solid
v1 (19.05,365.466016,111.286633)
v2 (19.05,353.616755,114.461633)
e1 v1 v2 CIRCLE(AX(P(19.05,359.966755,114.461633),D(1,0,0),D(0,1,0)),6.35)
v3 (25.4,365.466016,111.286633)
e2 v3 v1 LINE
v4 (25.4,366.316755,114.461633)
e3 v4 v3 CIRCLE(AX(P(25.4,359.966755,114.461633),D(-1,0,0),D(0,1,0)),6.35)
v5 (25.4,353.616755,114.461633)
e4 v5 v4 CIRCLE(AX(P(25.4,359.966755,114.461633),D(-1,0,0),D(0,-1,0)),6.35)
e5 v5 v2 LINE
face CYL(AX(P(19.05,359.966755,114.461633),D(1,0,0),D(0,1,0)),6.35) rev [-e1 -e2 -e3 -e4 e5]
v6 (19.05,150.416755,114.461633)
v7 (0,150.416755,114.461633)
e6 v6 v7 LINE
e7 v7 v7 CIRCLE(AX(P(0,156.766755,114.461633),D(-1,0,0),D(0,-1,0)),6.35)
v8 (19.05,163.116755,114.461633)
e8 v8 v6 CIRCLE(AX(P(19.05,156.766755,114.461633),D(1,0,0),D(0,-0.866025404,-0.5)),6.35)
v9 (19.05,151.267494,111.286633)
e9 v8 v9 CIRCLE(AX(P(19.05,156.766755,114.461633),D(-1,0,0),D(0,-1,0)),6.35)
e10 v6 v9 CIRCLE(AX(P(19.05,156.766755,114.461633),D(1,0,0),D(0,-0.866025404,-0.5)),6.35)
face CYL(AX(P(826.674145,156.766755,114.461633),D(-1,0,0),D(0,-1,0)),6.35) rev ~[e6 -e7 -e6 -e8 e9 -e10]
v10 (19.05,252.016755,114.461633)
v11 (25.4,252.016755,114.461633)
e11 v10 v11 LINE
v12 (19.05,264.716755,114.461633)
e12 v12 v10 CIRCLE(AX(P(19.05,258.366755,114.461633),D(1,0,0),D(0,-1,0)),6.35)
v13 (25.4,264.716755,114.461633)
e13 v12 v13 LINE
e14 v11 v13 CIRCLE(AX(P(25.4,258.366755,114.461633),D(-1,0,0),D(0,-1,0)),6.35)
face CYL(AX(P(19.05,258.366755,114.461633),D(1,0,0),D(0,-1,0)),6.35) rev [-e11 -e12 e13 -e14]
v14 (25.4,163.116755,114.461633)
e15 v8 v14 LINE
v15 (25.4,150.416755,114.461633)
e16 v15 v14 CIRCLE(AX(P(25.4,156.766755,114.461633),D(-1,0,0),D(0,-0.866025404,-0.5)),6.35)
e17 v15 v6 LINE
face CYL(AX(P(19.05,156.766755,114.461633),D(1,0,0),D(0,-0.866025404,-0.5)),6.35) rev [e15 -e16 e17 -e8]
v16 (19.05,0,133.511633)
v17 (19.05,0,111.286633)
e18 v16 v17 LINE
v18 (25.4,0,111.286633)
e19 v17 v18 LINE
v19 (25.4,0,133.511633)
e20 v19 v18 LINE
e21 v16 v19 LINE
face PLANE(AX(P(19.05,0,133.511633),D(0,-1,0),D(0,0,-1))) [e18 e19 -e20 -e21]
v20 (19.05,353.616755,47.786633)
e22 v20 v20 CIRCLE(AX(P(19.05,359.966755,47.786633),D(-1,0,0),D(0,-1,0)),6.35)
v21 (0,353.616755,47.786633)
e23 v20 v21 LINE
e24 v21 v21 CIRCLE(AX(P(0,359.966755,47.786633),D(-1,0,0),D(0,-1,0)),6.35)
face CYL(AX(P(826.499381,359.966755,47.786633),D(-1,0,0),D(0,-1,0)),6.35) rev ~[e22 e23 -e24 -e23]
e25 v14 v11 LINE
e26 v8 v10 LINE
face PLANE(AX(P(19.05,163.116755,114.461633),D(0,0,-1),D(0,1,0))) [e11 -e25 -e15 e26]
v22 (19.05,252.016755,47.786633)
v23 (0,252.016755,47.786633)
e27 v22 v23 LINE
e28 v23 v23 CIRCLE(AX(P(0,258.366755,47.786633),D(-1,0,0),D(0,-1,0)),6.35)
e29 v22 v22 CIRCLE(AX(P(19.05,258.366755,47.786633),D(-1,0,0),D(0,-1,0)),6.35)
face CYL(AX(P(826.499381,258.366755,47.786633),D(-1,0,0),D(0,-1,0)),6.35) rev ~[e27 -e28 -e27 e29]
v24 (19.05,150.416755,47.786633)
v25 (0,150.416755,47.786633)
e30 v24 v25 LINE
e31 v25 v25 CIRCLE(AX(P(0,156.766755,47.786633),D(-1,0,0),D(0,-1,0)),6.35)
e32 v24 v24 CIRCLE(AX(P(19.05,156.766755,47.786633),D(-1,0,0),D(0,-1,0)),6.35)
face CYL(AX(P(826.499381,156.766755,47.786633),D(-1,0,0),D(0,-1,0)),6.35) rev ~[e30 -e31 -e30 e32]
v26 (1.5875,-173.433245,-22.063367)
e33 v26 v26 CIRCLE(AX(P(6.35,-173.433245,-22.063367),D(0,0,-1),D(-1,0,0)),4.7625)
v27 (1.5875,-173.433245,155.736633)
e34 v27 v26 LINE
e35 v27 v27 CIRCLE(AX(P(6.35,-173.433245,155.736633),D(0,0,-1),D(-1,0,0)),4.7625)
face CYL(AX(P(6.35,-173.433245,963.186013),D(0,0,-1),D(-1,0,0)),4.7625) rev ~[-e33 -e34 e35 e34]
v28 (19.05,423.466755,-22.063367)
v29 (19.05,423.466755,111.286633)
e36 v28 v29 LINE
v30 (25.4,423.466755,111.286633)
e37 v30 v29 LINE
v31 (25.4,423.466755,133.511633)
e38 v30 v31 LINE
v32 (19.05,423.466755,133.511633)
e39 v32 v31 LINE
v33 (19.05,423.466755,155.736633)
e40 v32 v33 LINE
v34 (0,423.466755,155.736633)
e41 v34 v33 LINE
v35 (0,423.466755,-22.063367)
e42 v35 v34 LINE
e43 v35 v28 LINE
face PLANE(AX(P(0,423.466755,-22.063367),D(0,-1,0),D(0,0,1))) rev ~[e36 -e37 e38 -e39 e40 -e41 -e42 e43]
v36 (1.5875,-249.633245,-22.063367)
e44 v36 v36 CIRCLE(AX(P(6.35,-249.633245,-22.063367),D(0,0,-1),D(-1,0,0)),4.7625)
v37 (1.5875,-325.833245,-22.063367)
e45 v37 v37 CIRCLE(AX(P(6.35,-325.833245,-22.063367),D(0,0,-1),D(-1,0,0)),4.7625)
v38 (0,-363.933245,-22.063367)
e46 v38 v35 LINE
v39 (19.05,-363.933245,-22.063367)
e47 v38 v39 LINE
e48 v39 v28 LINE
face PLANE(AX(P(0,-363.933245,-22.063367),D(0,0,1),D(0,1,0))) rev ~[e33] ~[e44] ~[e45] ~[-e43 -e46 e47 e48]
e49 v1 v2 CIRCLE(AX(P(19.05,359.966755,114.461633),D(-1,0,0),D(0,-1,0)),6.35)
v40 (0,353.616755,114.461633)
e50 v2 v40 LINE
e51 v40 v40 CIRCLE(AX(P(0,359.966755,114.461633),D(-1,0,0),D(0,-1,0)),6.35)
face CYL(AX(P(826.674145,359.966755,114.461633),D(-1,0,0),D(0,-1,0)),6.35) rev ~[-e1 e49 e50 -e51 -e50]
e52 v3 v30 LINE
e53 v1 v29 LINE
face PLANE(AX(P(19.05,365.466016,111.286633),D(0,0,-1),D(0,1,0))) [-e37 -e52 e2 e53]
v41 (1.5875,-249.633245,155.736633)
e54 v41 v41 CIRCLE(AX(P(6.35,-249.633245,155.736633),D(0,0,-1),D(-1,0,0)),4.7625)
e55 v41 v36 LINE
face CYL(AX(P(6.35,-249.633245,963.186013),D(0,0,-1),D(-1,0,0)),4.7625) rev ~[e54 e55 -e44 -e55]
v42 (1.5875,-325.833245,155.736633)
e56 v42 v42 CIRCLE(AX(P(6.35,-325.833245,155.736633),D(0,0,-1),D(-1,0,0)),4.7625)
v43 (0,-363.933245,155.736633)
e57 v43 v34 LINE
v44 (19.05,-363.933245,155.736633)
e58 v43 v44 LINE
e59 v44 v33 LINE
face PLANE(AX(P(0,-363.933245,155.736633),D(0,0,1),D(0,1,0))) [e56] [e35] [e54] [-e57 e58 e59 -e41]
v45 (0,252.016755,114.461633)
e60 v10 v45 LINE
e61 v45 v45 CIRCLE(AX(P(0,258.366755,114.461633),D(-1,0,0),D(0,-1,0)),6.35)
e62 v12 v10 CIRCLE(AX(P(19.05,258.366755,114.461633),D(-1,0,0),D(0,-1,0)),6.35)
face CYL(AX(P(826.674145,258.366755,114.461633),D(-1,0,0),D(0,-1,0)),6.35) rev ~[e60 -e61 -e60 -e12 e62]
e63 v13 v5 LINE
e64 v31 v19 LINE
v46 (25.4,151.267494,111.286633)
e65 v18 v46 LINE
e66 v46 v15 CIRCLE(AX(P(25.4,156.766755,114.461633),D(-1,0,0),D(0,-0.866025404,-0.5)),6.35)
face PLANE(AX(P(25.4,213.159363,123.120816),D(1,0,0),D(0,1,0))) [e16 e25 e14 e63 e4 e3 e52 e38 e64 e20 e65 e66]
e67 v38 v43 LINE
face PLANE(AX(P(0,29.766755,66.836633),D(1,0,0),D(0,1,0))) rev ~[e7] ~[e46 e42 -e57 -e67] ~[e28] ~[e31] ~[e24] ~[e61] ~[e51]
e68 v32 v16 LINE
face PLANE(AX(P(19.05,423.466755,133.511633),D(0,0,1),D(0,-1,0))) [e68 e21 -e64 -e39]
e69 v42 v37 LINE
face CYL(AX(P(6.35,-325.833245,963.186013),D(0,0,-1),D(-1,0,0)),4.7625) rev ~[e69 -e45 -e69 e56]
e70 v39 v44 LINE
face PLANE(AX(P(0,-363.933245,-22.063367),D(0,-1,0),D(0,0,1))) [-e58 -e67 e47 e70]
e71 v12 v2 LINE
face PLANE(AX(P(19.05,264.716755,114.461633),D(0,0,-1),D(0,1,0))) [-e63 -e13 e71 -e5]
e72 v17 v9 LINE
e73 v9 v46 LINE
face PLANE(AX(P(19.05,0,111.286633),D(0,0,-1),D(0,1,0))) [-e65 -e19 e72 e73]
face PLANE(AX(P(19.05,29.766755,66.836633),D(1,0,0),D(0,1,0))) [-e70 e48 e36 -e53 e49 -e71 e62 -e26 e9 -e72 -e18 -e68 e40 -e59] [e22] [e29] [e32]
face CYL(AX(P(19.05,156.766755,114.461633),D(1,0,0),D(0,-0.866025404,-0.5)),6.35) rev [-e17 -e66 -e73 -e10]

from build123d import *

# Parameters (mm, degrees)
F0_W     = 787.4
F0_H     = 177.8
F1_DEPTH = 19.05
F4_D     = 12.7
F5_D     = 9.525
F7_DEPTH = 6.35
F8_D     = 12.7


with BuildPart() as f1:
    # F0 (on Right) → F1 (new body)
    with BuildSketch(Plane.YZ):
        with Locations((29.7667551786, 66.8366326568)):
            Rectangle(F0_W, F0_H)
    extrude(amount=F1_DEPTH)

    # F4 (through all)
    with Locations(Plane.YZ.offset(19.05)):
        with Locations((156.7667551786, 47.7866326568), (258.3667551786, 47.7866326568), (359.9667551786, 47.7866326568)):
            Hole(F4_D / 2)

    # F5 (through all)
    with Locations(Plane.XY.offset(155.7366326568)):
        with Locations((6.35, -173.4332448214), (6.35, -249.6332448214), (6.35, -325.8332448214)):
            Hole(F5_D / 2)

    # F6 (on face) → F7 (join, symmetric)
    with BuildSketch(Plane.YZ.offset(19.05)):
        with BuildLine():
            Line((423.4667551786, 111.2866326568), (423.4667551786, 133.5116326568))
            Line((423.4667551786, 133.5116326568), (0, 133.5116326568))
            Line((0, 133.5116326568), (0, 111.2866326568))
            Line((0, 111.2866326568), (151.2674938645, 111.2866326568))
            ThreePointArc((151.2674938645, 111.2866326568), (155.1232542422, 120.5952616538), (163.1167551786, 114.4616326568))
            Line((163.1167551786, 114.4616326568), (252.0167551786, 114.4616326568))
            ThreePointArc((252.0167551786, 114.4616326568), (258.3667551786, 120.8116326568), (264.7167551786, 114.4616326568))
            Line((264.7167551786, 114.4616326568), (353.6167551786, 114.4616326568))
            ThreePointArc((353.6167551786, 114.4616326568), (359.9667551786, 120.8116326568), (366.3167551786, 114.4616326568))
            ThreePointArc((366.3167551786, 114.4616326568), (366.1003841755, 112.8181317204), (365.4660164926, 111.2866326568))
            Line((365.4660164926, 111.2866326568), (423.4667551786, 111.2866326568))
        make_face()
    extrude(amount=F7_DEPTH, both=True)

    # F8 (through all)
    with Locations(Plane.YZ.offset(19.05)):
        with Locations((359.9667551786, 114.4616326568), (258.3667551786, 114.4616326568), (156.7667551786, 114.4616326568)):
            Hole(F8_D / 2)


solid = f1.part
